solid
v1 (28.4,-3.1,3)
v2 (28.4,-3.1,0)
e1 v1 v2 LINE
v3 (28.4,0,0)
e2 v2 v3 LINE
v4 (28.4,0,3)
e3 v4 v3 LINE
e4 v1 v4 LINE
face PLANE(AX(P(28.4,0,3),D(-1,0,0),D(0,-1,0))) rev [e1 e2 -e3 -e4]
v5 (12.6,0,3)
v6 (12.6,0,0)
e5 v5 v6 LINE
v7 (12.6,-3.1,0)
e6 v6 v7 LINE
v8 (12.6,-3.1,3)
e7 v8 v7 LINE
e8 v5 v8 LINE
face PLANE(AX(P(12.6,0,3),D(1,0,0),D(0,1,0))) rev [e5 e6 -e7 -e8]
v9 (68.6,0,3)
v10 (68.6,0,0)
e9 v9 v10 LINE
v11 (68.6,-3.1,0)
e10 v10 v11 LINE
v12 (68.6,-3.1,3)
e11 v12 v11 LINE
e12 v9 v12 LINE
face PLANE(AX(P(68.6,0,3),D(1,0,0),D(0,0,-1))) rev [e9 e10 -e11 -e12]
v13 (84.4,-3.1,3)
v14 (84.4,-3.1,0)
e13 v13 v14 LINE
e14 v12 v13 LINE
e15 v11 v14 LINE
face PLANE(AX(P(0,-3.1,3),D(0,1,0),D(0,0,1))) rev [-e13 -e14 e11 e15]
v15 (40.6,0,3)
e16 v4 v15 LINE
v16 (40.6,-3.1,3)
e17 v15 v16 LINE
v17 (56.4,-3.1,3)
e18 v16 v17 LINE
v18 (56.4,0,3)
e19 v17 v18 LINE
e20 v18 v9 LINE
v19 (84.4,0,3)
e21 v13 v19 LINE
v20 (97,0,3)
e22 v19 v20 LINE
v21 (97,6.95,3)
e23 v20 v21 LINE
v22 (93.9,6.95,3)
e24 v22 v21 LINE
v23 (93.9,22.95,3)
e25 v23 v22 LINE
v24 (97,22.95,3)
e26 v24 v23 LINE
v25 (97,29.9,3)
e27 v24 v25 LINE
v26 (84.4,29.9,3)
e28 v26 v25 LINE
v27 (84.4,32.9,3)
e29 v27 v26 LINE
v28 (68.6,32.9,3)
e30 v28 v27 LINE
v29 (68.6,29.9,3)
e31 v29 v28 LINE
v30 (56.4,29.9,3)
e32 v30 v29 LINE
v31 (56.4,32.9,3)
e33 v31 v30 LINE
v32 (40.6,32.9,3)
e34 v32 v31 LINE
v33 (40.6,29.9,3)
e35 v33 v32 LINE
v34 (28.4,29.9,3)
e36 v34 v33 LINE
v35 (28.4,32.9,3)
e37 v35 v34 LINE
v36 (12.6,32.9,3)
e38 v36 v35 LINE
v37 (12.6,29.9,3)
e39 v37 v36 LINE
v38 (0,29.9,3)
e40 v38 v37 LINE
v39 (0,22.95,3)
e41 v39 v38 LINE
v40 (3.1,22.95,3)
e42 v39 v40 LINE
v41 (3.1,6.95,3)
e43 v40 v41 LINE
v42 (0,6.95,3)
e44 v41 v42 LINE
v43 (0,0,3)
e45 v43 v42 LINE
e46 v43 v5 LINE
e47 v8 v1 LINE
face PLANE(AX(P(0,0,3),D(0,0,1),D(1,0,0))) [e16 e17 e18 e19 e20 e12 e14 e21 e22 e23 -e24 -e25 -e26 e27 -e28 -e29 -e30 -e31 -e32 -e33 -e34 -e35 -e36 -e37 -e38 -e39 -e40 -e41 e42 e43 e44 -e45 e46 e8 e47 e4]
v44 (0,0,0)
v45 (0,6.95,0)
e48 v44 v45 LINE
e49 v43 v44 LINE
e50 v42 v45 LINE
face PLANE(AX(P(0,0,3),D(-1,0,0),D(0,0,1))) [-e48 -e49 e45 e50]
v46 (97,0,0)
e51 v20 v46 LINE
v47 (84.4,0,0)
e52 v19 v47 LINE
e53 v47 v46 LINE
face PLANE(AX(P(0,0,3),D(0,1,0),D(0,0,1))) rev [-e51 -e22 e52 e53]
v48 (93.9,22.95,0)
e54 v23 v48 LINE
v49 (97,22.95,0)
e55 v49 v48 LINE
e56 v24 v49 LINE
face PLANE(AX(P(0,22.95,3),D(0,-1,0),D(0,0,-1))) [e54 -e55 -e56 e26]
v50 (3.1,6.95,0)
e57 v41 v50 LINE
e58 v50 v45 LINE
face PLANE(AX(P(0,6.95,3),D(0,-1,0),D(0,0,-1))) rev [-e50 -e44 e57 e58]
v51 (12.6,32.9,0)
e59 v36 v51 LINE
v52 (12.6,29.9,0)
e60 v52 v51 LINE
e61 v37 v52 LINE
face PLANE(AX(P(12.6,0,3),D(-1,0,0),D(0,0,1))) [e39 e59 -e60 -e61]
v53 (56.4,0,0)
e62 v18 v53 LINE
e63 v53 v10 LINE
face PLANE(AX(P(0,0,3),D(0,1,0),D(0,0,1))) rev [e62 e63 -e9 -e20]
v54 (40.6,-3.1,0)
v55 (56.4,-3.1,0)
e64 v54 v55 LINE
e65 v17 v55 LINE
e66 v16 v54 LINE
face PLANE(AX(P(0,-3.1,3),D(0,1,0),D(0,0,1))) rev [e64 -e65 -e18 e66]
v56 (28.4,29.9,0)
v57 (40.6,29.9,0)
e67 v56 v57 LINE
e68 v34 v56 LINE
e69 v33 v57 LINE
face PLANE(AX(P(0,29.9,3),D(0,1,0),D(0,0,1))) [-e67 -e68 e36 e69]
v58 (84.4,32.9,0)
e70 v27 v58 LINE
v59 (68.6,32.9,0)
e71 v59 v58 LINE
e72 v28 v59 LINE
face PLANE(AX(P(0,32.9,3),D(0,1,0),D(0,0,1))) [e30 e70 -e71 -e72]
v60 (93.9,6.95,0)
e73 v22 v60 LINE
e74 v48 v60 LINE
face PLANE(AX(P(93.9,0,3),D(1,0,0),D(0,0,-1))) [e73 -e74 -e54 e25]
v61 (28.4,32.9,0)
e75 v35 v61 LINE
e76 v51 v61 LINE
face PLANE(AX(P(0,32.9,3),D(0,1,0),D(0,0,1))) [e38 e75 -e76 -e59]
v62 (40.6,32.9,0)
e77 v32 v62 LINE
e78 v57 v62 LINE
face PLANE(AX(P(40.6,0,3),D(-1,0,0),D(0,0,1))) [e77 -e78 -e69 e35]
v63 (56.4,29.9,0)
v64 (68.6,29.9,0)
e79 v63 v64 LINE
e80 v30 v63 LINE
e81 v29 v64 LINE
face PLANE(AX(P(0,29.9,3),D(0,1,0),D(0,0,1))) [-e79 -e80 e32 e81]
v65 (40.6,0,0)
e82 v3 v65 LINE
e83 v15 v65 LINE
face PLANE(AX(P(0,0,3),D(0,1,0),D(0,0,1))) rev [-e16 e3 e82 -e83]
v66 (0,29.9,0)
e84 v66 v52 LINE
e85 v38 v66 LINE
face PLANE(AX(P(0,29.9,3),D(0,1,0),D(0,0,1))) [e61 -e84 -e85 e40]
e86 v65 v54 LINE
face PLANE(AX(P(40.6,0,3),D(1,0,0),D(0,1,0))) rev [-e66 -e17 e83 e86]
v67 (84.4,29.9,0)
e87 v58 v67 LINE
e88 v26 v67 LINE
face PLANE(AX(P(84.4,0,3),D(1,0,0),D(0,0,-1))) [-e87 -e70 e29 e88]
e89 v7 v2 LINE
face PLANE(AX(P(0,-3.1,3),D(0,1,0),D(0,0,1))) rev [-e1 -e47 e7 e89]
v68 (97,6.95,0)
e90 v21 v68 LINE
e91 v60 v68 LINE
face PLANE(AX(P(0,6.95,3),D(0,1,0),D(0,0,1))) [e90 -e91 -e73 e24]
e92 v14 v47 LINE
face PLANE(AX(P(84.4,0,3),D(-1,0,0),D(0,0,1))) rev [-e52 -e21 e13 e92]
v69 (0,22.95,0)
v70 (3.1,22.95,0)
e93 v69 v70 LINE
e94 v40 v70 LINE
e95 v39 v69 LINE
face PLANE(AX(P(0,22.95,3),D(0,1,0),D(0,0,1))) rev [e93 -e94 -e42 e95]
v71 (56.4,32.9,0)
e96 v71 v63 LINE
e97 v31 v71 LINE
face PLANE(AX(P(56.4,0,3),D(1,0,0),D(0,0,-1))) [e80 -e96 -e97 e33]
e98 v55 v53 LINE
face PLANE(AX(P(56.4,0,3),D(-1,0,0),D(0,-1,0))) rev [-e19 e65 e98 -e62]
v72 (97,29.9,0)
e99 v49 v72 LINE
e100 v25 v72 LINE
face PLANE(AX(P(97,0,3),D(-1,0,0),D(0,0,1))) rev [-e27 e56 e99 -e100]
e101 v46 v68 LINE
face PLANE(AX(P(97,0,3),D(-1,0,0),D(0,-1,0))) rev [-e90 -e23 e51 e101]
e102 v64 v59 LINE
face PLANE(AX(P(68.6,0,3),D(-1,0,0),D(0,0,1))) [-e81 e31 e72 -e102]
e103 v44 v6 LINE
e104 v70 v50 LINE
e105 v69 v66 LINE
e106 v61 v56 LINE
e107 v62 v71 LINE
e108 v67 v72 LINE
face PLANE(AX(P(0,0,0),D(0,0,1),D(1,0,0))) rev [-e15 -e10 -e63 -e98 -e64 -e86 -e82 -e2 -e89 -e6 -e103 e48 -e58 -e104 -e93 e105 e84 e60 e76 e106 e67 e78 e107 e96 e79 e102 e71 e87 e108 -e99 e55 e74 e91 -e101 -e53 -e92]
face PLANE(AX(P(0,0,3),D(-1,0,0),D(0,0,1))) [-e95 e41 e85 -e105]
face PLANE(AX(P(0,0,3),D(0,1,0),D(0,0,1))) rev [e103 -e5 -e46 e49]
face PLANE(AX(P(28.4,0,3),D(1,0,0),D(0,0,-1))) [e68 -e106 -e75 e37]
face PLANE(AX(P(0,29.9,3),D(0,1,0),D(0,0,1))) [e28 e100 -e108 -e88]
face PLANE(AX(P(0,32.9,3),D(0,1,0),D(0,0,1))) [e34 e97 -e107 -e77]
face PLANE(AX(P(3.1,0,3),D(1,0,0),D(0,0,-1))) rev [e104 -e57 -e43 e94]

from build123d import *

# Parameters (mm, degrees)
BOSS_EXTRUDE1_DEPTH = 3


with BuildPart() as part:
    # Sketch1 → Boss-Extrude1 (new body)
    with BuildSketch(Plane.XY):
        Polygon((97, 22.95), (93.9, 22.95), (93.9, 6.95), (97, 6.95), (97, 0), (84.4, 0), (84.4, -3.1), (68.6, -3.1), (68.6, 0), (56.4, 0), (56.4, -3.1), (40.6, -3.1), (40.6, 0), (28.4, 0), (28.4, -3.1), (12.6, -3.1), (12.6, 0), (0, 0), (0, 6.95), (3.1, 6.95), (3.1, 22.95), (0, 22.95), (0, 29.9), (12.6, 29.9), (12.6, 32.9), (28.4, 32.9), (28.4, 29.9), (40.6, 29.9), (40.6, 32.9), (56.4, 32.9), (56.4, 29.9), (68.6, 29.9), (68.6, 32.9), (84.4, 32.9), (84.4, 29.9), (97, 29.9), align=None)
    extrude(amount=BOSS_EXTRUDE1_DEPTH)


solid = part.part
